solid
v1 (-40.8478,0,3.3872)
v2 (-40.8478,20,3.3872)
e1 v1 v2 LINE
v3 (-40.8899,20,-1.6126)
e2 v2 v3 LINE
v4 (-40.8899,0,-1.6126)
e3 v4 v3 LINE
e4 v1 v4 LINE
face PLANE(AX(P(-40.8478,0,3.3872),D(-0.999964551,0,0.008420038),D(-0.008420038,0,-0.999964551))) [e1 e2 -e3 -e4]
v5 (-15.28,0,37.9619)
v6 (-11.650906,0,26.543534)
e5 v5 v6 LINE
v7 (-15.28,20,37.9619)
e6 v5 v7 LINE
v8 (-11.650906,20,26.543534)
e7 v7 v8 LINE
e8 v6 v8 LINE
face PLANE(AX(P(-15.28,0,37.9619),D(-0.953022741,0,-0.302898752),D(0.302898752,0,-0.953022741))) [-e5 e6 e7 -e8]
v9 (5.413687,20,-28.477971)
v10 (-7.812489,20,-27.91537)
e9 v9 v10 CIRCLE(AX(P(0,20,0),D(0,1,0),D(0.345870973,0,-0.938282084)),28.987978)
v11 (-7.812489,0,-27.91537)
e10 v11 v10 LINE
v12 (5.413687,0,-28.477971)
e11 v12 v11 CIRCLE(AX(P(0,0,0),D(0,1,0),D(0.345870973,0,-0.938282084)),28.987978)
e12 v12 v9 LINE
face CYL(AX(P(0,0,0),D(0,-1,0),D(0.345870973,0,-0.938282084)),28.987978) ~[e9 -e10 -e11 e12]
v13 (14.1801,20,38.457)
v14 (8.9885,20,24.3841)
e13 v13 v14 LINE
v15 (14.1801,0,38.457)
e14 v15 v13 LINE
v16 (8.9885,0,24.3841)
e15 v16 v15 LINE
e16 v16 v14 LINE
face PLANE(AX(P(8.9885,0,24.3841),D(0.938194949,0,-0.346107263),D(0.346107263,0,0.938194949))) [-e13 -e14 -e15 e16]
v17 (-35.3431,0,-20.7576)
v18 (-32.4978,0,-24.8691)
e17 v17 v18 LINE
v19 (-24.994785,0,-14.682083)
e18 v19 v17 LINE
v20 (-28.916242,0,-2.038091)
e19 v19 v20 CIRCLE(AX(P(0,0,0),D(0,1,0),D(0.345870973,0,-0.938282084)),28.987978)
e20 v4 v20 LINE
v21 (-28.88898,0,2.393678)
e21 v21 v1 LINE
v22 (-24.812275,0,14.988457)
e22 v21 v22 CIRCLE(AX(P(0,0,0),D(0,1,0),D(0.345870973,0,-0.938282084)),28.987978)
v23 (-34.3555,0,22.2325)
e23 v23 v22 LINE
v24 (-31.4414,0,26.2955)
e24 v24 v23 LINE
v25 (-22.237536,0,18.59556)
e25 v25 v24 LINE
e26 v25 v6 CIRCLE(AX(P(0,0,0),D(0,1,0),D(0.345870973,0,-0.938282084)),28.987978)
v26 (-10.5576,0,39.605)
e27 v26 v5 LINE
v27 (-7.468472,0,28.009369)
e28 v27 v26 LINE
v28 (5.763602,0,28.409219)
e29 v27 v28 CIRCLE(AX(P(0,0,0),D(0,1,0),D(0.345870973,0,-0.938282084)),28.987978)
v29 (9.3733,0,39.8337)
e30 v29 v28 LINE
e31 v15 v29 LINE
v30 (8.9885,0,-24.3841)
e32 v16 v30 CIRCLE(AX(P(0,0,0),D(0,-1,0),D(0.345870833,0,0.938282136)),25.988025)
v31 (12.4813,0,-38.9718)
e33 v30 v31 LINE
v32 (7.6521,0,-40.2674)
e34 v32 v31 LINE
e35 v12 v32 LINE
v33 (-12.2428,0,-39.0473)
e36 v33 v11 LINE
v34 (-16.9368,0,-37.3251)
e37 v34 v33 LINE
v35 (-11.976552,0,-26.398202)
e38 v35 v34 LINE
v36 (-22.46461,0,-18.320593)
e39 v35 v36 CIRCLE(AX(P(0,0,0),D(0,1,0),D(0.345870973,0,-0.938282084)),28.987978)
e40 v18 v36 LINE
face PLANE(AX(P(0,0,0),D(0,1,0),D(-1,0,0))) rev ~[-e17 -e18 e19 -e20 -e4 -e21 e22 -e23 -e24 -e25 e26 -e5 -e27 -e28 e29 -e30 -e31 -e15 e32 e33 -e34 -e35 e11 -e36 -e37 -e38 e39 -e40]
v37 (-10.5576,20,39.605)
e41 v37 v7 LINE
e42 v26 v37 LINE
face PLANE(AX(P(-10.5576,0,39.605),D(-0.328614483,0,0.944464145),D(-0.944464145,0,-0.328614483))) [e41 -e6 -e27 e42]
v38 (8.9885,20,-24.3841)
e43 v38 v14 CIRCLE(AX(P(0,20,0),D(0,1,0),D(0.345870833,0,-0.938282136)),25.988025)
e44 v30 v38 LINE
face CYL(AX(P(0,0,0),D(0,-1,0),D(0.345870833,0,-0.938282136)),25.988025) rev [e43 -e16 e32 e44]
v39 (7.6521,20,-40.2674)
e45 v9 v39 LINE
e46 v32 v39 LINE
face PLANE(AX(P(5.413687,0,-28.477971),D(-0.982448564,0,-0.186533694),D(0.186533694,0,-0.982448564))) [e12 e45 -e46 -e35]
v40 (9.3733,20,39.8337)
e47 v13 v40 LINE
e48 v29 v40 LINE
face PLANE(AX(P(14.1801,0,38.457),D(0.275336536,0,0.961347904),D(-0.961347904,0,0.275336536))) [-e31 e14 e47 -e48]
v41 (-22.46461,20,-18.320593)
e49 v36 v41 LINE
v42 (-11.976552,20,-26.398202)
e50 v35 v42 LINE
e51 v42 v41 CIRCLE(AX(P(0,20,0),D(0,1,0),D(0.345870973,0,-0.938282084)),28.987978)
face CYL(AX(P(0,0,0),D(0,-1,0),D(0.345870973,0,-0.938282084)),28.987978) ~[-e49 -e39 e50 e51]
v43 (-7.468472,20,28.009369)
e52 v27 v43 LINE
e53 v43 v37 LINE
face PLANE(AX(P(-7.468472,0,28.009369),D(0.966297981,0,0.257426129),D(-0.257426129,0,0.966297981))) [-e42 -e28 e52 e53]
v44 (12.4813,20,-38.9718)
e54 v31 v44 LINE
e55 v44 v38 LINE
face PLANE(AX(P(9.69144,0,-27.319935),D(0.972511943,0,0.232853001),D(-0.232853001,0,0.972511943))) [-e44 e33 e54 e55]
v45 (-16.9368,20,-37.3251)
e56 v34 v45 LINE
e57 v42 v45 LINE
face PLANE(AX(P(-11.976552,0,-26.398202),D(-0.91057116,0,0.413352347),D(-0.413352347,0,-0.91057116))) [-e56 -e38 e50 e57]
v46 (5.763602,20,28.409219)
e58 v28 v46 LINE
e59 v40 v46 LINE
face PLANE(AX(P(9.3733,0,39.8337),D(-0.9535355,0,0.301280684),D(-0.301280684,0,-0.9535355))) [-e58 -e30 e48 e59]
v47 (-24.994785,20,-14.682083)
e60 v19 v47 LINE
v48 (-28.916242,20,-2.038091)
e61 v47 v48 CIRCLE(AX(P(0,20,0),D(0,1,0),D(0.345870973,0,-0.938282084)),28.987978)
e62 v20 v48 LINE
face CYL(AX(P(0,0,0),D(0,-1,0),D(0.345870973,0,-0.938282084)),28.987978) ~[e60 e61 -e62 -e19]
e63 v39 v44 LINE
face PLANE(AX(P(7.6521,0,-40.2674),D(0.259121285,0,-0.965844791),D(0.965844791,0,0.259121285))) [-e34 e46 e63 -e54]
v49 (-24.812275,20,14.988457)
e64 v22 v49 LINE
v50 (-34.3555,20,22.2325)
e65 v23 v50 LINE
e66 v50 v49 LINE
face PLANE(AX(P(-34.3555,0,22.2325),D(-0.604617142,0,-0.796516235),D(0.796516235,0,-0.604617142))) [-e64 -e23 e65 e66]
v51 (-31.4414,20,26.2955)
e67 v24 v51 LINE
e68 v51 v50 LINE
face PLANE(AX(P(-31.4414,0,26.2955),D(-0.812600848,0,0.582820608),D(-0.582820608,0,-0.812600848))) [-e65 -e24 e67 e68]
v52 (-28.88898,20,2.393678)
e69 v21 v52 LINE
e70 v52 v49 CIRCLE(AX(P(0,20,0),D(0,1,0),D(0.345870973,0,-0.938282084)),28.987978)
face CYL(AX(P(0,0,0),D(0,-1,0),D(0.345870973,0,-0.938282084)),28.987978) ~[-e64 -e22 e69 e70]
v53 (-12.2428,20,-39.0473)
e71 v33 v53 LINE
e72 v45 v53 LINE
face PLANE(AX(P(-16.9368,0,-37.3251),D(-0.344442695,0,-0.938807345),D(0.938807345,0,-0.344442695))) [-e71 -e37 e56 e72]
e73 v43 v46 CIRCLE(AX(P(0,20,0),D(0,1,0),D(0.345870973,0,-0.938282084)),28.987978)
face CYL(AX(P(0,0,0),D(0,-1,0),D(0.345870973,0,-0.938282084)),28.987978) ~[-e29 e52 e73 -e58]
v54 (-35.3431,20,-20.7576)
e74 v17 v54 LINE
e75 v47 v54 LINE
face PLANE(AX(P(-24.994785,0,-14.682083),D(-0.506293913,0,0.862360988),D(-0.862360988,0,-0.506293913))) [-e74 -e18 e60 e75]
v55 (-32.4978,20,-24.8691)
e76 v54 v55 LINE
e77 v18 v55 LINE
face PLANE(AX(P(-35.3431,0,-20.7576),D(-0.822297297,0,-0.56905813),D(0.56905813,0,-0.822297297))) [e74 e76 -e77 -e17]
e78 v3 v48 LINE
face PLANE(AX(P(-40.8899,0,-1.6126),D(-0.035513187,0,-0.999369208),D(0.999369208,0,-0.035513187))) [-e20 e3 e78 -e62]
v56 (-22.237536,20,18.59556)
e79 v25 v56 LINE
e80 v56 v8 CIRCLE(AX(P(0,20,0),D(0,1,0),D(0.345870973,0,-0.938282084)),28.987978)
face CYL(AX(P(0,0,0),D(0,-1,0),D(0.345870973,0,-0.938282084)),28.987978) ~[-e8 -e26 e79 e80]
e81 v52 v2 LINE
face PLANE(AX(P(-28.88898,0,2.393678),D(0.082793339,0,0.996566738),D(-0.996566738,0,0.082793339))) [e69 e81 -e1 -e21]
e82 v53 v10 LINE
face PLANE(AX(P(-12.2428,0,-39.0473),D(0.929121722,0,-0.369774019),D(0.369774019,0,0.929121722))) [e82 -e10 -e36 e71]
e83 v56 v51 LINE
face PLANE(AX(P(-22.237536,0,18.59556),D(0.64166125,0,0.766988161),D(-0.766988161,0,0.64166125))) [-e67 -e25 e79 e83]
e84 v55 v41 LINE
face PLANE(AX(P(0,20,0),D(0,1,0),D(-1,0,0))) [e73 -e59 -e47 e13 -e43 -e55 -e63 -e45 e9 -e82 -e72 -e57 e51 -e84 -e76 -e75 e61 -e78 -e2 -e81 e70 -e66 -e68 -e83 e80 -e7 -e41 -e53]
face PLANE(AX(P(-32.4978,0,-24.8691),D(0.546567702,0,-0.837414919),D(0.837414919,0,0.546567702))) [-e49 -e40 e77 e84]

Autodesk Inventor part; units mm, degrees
ref_plane "YZ Plane" through (0, 0, 0) normal (1, 0, 0) x (0, 1, 0)
ref_plane "XZ Plane" through (0, 0, 0) normal (0, 1, 0) x (-1, 0, 0)
ref_plane "XY Plane" through (0, 0, 0) normal (0, 0, 1) x (1, 0, 0)
sketch "Sketch1" plane through (0, 0, 0) normal (0, 1, 0) x (-1, 0, 0)
  line L0 (-141.9954, -89.0732) -> (-156.9954, -89.0732) construction
  line L1 (-141.9954, -169.2741) -> (-141.9954, -89.0732) construction
  line L2 (-141.9954, -89.0732) -> (-156.9954, -173.6661) construction
  line L3 (-141.9954, -89.0732) -> (-141.9954, -94.0732) construction
  line L4 (-141.9954, -104.0732) -> (-153.9954, -104.0732) construction
  line L5 (-153.9954, -104.0732) -> (-153.9954, -94.0732) construction
  line L6 (-153.9954, -94.0732) -> (-141.9954, -94.0732) construction
  line L7 (-141.9954, -120.0732) -> (-153.9954, -120.0732) construction
  line L8 (-153.9954, -120.0732) -> (-153.9954, -110.0732) construction
  line L9 (-153.9954, -110.0732) -> (-141.9954, -110.0732) construction
  line L10 (-141.9954, -136.0732) -> (-153.9954, -136.0732) construction
  line L11 (-153.9954, -136.0732) -> (-153.9954, -126.0732) construction
  line L12 (-153.9954, -126.0732) -> (-141.9954, -126.0732) construction
  line L13 (-141.9954, -152.0732) -> (-153.9954, -152.0732) construction
  line L14 (-153.9954, -152.0732) -> (-153.9954, -142.0732) construction
  line L15 (-153.9954, -142.0732) -> (-141.9954, -142.0732) construction
  line L16 (-141.9954, -168.0732) -> (-153.9954, -168.0732) construction
  line L17 (-153.9954, -168.0732) -> (-153.9954, -158.0732) construction
  line L18 (-153.9954, -158.0732) -> (-141.9954, -158.0732) construction
  line L19 (-141.9954, -184.0732) -> (-153.9954, -184.0732) construction
  line L20 (-153.9954, -184.0732) -> (-153.9954, -174.0732) construction
  line L21 (-153.9954, -174.0732) -> (-141.9954, -174.0732) construction
  line L22 (-141.9954, -104.0732) -> (-141.9954, -110.0732) construction
  line L23 (-141.9954, -120.0732) -> (-141.9954, -126.0732) construction
  line L24 (-141.9954, -136.0732) -> (-141.9954, -142.0732) construction
  line L25 (-141.9954, -152.0732) -> (-141.9954, -158.0732) construction
  arc A0 (-115.1624, -166.0515) -> (-115.1624, -81.4587) centre (-143.2186, -123.7551) ccw
  line L26 (-156.9954, -89.0732) -> (-156.9954, -189.0732) construction
  line L27 (-156.9954, -189.0732) -> (-141.9954, -189.0732) construction
  line L28 (-141.9954, -189.0732) -> (-141.9954, -184.0732) construction
  line L29 (-106.8702, -68.959) -> (-115.1624, -81.4587)
  line L30 (-106.8702, -68.959) -> (-102.7037, -71.7231)
  line L31 (-109.4661, -81.9168) -> (-102.7037, -71.7231)
  line L32 (-98.2749, -94.2637) -> (-88.7156, -86.6308)
  line L33 (-91.8355, -82.7236) -> (-88.7156, -86.6308)
  line L34 (-91.8355, -82.7236) -> (-103.5572, -92.0831)
  line L35 (-91.4027, -109.4447) -> (-79.9652, -105.1061)
  line L36 (-81.7385, -100.4311) -> (-79.9652, -105.1061)
  line L37 (-81.7385, -100.4311) -> (-95.7634, -105.7512)
  line L38 (-89.5099, -126.0009) -> (-77.2932, -125.3735)
  line L39 (-77.5496, -120.3801) -> (-77.2932, -125.3735)
  line L40 (-77.5496, -120.3801) -> (-92.5299, -121.1494)
  line L41 (-92.7783, -142.3413) -> (-80.9564, -145.4853)
  line L42 (-79.6713, -140.6533) -> (-80.9564, -145.4853)
  line L43 (-79.6713, -140.6533) -> (-94.1674, -136.798)
  line L44 (-100.8939, -156.8955) -> (-90.6029, -163.509)
  line L45 (-87.8998, -159.3027) -> (-90.6029, -163.509)
  line L46 (-87.8998, -159.3027) -> (-100.5186, -151.1932)
  line L47 (-113.0768, -168.2651) -> (-105.3056, -177.7124)
  line L48 (-101.4442, -174.536) -> (-105.3056, -177.7124)
  line L49 (-101.4442, -174.536) -> (-110.9732, -162.9517)
  arc A1 (-113.0768, -168.2651) -> (-113.5041, -78.9587) centre (-143.2186, -123.7551) ccw
  line L50 (-105.3056, -177.7124) -> (-114.9914, -165.9376)
  arc A2 (-8.9885, -24.3841) -> (-8.9885, 24.3841) centre (0, 0) ccw
  arc A3 (-10.0261, -27.1989) -> (-10.0261, 27.1989) centre (0, 0) ccw
  line L51 (0, 0) -> (-10.0261, 27.1989) construction
  line L52 (-8.9885, 24.3841) -> (-14.1801, 38.457)
  line L53 (-14.1801, 38.457) -> (-9.3733, 39.8337)
  line L54 (-9.3733, 39.8337) -> (-4.8541, 25.5307)
  line L55 (6.6962, 25.1105) -> (10.5576, 39.605)
  line L56 (10.5576, 39.605) -> (15.28, 37.9619)
  line L57 (15.28, 37.9619) -> (10.7365, 23.6665)
  line L58 (19.9366, 16.6706) -> (31.4414, 26.2955)
  line L59 (31.4414, 26.2955) -> (34.3555, 22.2325)
  line L60 (34.3555, 22.2325) -> (22.4077, 13.1632)
  line L61 (25.8993, 2.1453) -> (40.8478, 3.3872)
  line L62 (40.8478, 3.3872) -> (40.8899, -1.6126)
  line L63 (40.8899, -1.6126) -> (25.8993, -2.1453)
  line L64 (22.4077, -13.1632) -> (35.3431, -20.7576)
  line L65 (35.3431, -20.7576) -> (32.4978, -24.8691)
  line L66 (32.4978, -24.8691) -> (19.9366, -16.6706)
  line L67 (10.7365, -23.6665) -> (16.9368, -37.3251)
  line L68 (16.9368, -37.3251) -> (12.2428, -39.0473)
  line L69 (12.2428, -39.0473) -> (6.6962, -25.1105)
  line L70 (-4.8541, -25.5307) -> (-7.6521, -40.2674)
  line L71 (-7.6521, -40.2674) -> (-12.4813, -38.9718)
  line L72 (-12.4813, -38.9718) -> (-8.9885, -24.3841)
  point P0 (0, 0)
  point P1 (-141.9954, -129.1737)
  point P2 (-109.0674, -165.2686)
  point P3 (-100.8939, -156.8955)
  point P4 (-97.9949, -152.8151)
  point P5 (-92.7783, -142.3413)
  point P6 (-91.2682, -137.5691)
  point P7 (-89.5099, -126.0009)
  point P8 (-89.5338, -120.9955)
  point P9 (-91.4027, -109.4447)
  point P10 (-92.9584, -104.6872)
  point P11 (-98.2749, -94.2637)
  point P12 (-101.2129, -90.2112)
  point P13 (-115.1624, -81.4587)
  point P14 (7.4685, 28.0094)
  point P15 (-5.7636, 28.4093)
  point P16 (-5.4137, -28.478)
  point P17 (7.8125, -27.9154)
  point P18 (11.9765, -26.3982)
  point P19 (22.4646, -18.3206)
  point P20 (24.9948, -14.6821)
  point P21 (28.9163, -2.0381)
  point P22 (28.889, 2.3936)
  point P23 (24.8123, 14.9885)
  point P24 (22.2376, 18.5956)
  point P25 (11.6509, 26.5436)
  dimension "d4" = 5
  dimension "d5" = 10
  dimension "d6" = 12
  dimension "d9" = 16
  dimension "d14" = 10
  dimension "d19" = 100
  dimension "d20" = 3
  dimension "d25" = 5
  dimension "d28" = 107
  dimension "d30" = 17.833
  dimension "d31" = 50.7557
  dimension "d32" = 100
  dimension "d33" = 25.988
  dimension "d35" = 3
  dimension "d36" = 15
  dimension "d40" = 15
  dimension "d41" = 5
  dimension "d42" = 15
  dimension "d45" = 211
  dimension "d47" = 40.8749
extrude "Extrusion1" add sketch "Sketch1" along normal blind 20 contours A2 L70 A3 L72 | A2 L69 A3 L70 | A3 L70 L71 L72 | A2 L67 A3 L69 | A2 L66 A3 L67 | A3 L67 L68 L69 | A2 L64 A3 L66 | A2 L63 A3 L64 | A3 L64 L65 L66 | A2 L61 A3 L63 | A2 L60 A3 L61 | A3 L61 L62 L63 | A2 L58 A3 L60 | A2 L57 A3 L58 | A3 L58 L59 L60 | A2 L55 A3 L57 | A2 L54 A3 L55 | A3 L55 L56 L57 | A2 L52 A3 L54 | A3 L52 L53 L54
properties part number "pneunet_approximate_test_second_bend"
